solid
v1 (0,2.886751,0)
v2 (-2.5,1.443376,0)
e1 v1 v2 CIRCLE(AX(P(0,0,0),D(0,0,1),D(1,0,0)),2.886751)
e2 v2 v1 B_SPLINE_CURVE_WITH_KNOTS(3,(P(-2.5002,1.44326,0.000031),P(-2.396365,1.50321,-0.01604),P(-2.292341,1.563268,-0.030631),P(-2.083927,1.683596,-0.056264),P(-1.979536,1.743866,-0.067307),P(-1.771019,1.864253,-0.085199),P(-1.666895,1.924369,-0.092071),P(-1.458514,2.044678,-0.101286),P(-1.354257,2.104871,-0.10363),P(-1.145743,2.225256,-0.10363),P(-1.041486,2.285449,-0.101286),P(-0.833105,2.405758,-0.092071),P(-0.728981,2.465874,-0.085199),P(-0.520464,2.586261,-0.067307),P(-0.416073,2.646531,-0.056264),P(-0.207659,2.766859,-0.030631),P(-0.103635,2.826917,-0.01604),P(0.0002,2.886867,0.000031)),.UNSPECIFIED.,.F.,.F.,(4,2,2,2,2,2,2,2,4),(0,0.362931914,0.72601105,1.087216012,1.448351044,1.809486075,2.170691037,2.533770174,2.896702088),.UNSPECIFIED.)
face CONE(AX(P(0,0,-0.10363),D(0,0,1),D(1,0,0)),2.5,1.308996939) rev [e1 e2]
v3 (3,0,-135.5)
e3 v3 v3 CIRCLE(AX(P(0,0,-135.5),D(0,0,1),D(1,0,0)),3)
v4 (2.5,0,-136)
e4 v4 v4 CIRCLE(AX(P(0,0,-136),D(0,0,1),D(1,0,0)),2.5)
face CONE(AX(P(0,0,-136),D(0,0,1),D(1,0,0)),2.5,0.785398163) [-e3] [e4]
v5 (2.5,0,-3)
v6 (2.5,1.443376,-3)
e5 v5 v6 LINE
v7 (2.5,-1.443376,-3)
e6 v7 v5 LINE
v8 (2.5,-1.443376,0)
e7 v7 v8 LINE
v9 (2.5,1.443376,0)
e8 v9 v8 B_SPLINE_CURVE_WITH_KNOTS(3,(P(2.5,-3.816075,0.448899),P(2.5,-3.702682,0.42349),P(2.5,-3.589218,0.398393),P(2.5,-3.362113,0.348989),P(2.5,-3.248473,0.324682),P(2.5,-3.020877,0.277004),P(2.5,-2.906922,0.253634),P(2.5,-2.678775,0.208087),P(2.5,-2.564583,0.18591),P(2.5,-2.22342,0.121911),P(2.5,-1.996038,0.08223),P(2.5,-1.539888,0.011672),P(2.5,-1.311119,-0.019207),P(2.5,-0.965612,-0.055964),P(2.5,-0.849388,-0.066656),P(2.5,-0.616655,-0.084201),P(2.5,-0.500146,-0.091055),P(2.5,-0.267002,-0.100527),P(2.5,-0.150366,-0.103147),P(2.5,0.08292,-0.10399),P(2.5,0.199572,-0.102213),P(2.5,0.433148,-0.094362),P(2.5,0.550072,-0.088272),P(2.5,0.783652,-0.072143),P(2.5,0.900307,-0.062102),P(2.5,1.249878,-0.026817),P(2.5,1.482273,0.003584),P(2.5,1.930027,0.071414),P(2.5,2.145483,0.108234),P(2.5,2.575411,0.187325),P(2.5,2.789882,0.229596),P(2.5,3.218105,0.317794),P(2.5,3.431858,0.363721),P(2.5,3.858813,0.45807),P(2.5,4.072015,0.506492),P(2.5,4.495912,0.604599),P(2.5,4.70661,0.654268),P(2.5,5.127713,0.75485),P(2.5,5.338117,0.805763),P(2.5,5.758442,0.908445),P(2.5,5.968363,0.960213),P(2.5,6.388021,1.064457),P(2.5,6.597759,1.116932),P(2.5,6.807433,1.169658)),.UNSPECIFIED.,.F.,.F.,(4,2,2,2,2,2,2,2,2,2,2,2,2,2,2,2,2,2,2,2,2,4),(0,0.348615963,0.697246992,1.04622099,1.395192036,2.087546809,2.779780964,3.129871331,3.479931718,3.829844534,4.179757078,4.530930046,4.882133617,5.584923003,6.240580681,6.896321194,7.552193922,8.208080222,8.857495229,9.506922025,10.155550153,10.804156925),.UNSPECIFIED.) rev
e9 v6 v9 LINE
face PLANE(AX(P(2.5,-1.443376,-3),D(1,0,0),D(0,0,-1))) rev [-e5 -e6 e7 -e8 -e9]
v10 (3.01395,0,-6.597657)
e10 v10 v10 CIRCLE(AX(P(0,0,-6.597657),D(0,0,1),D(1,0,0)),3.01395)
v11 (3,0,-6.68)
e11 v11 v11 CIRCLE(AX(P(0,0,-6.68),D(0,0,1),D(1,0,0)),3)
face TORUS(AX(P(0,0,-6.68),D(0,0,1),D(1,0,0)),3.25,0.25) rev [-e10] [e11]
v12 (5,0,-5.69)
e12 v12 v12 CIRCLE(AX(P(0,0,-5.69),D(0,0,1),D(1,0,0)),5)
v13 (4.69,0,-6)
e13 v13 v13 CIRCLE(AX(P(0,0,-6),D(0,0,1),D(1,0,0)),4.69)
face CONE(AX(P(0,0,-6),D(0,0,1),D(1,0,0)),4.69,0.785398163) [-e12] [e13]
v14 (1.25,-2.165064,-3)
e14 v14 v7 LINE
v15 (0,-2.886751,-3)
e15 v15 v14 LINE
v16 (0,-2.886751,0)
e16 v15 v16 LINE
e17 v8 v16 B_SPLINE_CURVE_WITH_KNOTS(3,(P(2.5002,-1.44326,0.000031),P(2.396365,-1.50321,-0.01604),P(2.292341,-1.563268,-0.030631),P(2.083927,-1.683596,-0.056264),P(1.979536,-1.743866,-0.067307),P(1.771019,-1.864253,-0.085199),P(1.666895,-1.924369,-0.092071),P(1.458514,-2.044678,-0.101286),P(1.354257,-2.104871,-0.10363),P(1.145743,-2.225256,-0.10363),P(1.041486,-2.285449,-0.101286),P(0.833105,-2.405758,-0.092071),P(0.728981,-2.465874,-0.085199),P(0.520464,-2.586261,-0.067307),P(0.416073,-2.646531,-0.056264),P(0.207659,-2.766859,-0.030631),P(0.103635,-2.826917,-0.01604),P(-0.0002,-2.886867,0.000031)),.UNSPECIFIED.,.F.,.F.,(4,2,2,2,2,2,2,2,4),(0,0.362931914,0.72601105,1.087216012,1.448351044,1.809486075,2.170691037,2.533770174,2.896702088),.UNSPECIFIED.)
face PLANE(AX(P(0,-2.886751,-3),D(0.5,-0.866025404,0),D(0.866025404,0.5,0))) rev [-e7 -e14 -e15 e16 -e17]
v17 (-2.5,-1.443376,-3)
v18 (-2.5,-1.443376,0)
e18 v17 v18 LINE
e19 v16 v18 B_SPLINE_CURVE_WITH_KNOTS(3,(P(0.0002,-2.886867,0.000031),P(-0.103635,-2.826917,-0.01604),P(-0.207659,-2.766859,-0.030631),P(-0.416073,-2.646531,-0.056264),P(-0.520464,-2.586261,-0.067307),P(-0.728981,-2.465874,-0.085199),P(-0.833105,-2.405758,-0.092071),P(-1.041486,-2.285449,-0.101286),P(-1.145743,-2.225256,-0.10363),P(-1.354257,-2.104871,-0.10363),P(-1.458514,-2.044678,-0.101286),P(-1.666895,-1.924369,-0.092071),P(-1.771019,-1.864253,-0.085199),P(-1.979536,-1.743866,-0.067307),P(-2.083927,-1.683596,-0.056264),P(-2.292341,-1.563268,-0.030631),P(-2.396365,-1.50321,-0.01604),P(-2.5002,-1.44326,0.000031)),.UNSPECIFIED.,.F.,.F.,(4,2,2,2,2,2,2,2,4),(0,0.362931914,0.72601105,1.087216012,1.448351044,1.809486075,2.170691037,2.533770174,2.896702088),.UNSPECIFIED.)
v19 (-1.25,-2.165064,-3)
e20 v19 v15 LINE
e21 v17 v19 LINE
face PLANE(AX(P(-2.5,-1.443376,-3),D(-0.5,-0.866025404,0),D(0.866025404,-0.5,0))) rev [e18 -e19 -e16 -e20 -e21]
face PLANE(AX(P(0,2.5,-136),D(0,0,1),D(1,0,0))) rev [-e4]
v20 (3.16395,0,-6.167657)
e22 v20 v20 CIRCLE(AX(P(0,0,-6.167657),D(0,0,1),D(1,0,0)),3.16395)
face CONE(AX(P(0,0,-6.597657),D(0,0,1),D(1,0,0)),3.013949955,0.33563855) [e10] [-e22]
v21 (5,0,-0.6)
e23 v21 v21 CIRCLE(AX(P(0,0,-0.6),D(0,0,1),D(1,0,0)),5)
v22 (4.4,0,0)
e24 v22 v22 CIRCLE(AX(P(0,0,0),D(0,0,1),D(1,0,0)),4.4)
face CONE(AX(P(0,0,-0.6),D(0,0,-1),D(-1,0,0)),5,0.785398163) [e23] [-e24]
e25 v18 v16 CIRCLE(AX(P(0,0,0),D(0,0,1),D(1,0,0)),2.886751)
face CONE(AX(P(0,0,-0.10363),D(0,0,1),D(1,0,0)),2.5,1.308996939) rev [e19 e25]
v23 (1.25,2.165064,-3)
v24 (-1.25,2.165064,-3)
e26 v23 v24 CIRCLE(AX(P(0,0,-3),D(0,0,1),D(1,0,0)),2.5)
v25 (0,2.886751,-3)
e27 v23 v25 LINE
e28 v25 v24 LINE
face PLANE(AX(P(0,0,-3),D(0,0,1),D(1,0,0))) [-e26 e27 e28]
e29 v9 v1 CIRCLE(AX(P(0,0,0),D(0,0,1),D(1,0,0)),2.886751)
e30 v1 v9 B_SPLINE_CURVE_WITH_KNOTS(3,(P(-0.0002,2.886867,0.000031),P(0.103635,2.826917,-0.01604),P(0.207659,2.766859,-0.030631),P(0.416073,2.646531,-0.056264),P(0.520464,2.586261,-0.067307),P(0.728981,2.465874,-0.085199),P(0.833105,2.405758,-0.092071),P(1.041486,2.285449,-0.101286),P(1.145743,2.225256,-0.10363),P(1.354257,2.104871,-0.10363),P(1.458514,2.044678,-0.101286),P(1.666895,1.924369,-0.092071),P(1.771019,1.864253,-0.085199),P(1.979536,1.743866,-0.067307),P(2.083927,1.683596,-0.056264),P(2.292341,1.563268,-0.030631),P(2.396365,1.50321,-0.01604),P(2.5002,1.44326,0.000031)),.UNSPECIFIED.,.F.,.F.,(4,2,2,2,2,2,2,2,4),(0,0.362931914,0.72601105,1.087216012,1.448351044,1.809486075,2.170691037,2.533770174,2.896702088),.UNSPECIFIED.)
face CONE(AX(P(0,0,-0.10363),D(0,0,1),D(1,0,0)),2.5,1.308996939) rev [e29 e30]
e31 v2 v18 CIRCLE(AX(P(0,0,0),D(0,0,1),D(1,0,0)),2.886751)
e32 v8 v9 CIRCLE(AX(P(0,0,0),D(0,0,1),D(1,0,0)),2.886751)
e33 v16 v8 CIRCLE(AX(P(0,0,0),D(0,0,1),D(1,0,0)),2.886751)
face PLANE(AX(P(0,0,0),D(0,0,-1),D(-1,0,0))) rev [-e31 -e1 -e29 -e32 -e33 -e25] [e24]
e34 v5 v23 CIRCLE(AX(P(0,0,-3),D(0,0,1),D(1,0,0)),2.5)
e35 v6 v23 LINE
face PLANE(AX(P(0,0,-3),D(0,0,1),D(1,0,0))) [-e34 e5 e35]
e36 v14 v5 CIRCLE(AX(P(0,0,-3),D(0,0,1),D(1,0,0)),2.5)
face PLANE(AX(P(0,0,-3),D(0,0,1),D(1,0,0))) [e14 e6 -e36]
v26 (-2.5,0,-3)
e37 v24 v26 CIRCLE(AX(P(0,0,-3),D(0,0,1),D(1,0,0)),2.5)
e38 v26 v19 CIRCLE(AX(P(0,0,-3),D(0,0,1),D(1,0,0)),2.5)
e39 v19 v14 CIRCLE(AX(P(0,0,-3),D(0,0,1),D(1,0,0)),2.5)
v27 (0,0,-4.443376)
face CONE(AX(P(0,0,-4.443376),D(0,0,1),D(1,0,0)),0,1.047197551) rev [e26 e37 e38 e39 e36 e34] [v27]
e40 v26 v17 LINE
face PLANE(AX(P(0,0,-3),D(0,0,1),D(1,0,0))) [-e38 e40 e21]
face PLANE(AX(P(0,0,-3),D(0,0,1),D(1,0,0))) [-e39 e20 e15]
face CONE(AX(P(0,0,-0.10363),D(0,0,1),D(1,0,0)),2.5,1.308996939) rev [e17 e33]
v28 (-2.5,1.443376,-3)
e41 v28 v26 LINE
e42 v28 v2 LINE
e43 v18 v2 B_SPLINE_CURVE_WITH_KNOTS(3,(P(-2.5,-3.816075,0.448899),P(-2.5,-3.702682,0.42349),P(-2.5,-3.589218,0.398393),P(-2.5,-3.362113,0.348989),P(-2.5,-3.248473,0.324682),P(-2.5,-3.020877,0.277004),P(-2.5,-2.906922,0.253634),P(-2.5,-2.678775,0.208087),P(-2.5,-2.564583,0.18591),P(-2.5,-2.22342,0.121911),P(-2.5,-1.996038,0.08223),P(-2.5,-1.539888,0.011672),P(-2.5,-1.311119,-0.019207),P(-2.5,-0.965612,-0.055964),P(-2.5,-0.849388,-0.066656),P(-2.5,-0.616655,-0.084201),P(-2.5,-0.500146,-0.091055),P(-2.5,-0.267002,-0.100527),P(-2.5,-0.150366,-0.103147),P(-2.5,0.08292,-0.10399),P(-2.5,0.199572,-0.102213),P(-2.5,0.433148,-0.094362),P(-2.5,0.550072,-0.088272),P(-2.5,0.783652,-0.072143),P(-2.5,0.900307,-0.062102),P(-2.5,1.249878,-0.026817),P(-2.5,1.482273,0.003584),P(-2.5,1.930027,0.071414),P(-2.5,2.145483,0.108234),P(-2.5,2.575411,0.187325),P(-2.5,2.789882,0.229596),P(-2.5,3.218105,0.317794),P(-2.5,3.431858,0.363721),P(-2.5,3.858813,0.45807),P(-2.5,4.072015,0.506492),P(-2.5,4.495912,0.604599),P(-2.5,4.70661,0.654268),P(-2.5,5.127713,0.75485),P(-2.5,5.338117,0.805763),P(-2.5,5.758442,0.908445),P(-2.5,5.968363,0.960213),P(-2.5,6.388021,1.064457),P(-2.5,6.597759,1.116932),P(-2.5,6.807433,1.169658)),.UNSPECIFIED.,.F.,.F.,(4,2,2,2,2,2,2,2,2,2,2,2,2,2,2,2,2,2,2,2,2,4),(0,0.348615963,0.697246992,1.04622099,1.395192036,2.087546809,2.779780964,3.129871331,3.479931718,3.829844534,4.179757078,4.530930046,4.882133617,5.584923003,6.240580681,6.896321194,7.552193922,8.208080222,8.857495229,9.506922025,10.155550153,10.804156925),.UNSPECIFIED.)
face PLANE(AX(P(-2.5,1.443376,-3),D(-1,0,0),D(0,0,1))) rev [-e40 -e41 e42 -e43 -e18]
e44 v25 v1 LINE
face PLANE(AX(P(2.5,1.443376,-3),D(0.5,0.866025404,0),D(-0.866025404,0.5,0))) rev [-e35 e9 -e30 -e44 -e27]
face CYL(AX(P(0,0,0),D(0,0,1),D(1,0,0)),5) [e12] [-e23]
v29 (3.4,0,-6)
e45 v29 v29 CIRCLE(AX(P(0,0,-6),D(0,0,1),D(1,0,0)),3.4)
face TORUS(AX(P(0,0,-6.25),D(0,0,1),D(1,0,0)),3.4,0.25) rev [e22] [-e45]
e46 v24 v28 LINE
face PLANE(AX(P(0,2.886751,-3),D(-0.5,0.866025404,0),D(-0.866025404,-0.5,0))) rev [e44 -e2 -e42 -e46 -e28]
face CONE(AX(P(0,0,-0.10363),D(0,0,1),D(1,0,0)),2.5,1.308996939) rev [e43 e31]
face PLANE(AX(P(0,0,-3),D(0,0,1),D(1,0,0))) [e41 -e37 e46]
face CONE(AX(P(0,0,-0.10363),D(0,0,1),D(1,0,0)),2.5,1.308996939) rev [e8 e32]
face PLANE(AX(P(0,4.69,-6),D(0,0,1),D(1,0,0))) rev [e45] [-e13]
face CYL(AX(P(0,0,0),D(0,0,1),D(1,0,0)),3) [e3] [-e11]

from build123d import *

# Parameters (mm, degrees)
CUT_EXTRUDE1_DEPTH = 3


with BuildPart() as part:
    # Sketch1 → Revolve1 (revolve)
    with BuildSketch(Plane(origin=(0, 0, 0), x_dir=(0, 0, -1), z_dir=(1, 0, 0)), mode=Mode.PRIVATE) as revolve1_sk:
        with BuildLine():
            Line((0, 0), (0, 4.4))
            Line((0, 4.4), (0.6, 5))
            Line((0.6, 5), (5.69, 5))
            Line((5.69, 5), (6, 4.69))
            Line((6, 4.69), (6, 3.4))
            ThreePointArc((6, 3.4), (6.046179295, 3.255234258), (6.167656961, 3.163949955))
            Line((6.167656961, 3.163949955), (6.597656961, 3.013949955))
            ThreePointArc((6.597656961, 3.013949955), (6.638241835, 3.003512159), (6.68, 3))
            Line((6.68, 3), (135.5, 3))
            Line((135.5, 3), (136, 2.5))
            Line((136, 2.5), (136, 0))
            Line((136, 0), (0, 0))
        make_face()
    revolve(revolve1_sk.sketch.rotate(Axis((0, 0, 0), (0, 0, -1)), 90), axis=Axis((0, 0, 0), (0, 0, -1)))

    # Sketch2 → Cut-Extrude1 (cut)
    with BuildSketch(Plane.XY):
        Polygon((0, 2.886751346), (-2.5, 1.443375673), (-2.5, -1.443375673), (0, -2.886751346), (2.5, -1.443375673), (2.5, 1.443375673), align=None)
    extrude(amount=-CUT_EXTRUDE1_DEPTH, mode=Mode.SUBTRACT)

    # Sketch3 → Cut-Revolve2 (revolve, cut)
    with BuildSketch(Plane(origin=(0, 0, 0), x_dir=(0, 0, -1), z_dir=(1, 0, 0)), mode=Mode.PRIVATE) as cut_revolve2_sk:
        Polygon((3, 0), (3, 2.5), (4.443375673, 0), align=None)
    revolve(cut_revolve2_sk.sketch.rotate(Axis((0, 0, -3), (0, 0, -1)), 90), axis=Axis((0, 0, -3), (0, 0, -1)), mode=Mode.SUBTRACT)

    # Sketch4 → Cut-Revolve3 (revolve, cut)
    with BuildSketch(Plane(origin=(0, 0, 0), x_dir=(0, 0, -1), z_dir=(1, 0, 0))):
        Polygon((0, 2.886751346), (0, 2.5), (0.103629711, 2.5), align=None)
    revolve(axis=Axis((0, 0, 0), (0, 0, -1)), mode=Mode.SUBTRACT)


solid = part.part
